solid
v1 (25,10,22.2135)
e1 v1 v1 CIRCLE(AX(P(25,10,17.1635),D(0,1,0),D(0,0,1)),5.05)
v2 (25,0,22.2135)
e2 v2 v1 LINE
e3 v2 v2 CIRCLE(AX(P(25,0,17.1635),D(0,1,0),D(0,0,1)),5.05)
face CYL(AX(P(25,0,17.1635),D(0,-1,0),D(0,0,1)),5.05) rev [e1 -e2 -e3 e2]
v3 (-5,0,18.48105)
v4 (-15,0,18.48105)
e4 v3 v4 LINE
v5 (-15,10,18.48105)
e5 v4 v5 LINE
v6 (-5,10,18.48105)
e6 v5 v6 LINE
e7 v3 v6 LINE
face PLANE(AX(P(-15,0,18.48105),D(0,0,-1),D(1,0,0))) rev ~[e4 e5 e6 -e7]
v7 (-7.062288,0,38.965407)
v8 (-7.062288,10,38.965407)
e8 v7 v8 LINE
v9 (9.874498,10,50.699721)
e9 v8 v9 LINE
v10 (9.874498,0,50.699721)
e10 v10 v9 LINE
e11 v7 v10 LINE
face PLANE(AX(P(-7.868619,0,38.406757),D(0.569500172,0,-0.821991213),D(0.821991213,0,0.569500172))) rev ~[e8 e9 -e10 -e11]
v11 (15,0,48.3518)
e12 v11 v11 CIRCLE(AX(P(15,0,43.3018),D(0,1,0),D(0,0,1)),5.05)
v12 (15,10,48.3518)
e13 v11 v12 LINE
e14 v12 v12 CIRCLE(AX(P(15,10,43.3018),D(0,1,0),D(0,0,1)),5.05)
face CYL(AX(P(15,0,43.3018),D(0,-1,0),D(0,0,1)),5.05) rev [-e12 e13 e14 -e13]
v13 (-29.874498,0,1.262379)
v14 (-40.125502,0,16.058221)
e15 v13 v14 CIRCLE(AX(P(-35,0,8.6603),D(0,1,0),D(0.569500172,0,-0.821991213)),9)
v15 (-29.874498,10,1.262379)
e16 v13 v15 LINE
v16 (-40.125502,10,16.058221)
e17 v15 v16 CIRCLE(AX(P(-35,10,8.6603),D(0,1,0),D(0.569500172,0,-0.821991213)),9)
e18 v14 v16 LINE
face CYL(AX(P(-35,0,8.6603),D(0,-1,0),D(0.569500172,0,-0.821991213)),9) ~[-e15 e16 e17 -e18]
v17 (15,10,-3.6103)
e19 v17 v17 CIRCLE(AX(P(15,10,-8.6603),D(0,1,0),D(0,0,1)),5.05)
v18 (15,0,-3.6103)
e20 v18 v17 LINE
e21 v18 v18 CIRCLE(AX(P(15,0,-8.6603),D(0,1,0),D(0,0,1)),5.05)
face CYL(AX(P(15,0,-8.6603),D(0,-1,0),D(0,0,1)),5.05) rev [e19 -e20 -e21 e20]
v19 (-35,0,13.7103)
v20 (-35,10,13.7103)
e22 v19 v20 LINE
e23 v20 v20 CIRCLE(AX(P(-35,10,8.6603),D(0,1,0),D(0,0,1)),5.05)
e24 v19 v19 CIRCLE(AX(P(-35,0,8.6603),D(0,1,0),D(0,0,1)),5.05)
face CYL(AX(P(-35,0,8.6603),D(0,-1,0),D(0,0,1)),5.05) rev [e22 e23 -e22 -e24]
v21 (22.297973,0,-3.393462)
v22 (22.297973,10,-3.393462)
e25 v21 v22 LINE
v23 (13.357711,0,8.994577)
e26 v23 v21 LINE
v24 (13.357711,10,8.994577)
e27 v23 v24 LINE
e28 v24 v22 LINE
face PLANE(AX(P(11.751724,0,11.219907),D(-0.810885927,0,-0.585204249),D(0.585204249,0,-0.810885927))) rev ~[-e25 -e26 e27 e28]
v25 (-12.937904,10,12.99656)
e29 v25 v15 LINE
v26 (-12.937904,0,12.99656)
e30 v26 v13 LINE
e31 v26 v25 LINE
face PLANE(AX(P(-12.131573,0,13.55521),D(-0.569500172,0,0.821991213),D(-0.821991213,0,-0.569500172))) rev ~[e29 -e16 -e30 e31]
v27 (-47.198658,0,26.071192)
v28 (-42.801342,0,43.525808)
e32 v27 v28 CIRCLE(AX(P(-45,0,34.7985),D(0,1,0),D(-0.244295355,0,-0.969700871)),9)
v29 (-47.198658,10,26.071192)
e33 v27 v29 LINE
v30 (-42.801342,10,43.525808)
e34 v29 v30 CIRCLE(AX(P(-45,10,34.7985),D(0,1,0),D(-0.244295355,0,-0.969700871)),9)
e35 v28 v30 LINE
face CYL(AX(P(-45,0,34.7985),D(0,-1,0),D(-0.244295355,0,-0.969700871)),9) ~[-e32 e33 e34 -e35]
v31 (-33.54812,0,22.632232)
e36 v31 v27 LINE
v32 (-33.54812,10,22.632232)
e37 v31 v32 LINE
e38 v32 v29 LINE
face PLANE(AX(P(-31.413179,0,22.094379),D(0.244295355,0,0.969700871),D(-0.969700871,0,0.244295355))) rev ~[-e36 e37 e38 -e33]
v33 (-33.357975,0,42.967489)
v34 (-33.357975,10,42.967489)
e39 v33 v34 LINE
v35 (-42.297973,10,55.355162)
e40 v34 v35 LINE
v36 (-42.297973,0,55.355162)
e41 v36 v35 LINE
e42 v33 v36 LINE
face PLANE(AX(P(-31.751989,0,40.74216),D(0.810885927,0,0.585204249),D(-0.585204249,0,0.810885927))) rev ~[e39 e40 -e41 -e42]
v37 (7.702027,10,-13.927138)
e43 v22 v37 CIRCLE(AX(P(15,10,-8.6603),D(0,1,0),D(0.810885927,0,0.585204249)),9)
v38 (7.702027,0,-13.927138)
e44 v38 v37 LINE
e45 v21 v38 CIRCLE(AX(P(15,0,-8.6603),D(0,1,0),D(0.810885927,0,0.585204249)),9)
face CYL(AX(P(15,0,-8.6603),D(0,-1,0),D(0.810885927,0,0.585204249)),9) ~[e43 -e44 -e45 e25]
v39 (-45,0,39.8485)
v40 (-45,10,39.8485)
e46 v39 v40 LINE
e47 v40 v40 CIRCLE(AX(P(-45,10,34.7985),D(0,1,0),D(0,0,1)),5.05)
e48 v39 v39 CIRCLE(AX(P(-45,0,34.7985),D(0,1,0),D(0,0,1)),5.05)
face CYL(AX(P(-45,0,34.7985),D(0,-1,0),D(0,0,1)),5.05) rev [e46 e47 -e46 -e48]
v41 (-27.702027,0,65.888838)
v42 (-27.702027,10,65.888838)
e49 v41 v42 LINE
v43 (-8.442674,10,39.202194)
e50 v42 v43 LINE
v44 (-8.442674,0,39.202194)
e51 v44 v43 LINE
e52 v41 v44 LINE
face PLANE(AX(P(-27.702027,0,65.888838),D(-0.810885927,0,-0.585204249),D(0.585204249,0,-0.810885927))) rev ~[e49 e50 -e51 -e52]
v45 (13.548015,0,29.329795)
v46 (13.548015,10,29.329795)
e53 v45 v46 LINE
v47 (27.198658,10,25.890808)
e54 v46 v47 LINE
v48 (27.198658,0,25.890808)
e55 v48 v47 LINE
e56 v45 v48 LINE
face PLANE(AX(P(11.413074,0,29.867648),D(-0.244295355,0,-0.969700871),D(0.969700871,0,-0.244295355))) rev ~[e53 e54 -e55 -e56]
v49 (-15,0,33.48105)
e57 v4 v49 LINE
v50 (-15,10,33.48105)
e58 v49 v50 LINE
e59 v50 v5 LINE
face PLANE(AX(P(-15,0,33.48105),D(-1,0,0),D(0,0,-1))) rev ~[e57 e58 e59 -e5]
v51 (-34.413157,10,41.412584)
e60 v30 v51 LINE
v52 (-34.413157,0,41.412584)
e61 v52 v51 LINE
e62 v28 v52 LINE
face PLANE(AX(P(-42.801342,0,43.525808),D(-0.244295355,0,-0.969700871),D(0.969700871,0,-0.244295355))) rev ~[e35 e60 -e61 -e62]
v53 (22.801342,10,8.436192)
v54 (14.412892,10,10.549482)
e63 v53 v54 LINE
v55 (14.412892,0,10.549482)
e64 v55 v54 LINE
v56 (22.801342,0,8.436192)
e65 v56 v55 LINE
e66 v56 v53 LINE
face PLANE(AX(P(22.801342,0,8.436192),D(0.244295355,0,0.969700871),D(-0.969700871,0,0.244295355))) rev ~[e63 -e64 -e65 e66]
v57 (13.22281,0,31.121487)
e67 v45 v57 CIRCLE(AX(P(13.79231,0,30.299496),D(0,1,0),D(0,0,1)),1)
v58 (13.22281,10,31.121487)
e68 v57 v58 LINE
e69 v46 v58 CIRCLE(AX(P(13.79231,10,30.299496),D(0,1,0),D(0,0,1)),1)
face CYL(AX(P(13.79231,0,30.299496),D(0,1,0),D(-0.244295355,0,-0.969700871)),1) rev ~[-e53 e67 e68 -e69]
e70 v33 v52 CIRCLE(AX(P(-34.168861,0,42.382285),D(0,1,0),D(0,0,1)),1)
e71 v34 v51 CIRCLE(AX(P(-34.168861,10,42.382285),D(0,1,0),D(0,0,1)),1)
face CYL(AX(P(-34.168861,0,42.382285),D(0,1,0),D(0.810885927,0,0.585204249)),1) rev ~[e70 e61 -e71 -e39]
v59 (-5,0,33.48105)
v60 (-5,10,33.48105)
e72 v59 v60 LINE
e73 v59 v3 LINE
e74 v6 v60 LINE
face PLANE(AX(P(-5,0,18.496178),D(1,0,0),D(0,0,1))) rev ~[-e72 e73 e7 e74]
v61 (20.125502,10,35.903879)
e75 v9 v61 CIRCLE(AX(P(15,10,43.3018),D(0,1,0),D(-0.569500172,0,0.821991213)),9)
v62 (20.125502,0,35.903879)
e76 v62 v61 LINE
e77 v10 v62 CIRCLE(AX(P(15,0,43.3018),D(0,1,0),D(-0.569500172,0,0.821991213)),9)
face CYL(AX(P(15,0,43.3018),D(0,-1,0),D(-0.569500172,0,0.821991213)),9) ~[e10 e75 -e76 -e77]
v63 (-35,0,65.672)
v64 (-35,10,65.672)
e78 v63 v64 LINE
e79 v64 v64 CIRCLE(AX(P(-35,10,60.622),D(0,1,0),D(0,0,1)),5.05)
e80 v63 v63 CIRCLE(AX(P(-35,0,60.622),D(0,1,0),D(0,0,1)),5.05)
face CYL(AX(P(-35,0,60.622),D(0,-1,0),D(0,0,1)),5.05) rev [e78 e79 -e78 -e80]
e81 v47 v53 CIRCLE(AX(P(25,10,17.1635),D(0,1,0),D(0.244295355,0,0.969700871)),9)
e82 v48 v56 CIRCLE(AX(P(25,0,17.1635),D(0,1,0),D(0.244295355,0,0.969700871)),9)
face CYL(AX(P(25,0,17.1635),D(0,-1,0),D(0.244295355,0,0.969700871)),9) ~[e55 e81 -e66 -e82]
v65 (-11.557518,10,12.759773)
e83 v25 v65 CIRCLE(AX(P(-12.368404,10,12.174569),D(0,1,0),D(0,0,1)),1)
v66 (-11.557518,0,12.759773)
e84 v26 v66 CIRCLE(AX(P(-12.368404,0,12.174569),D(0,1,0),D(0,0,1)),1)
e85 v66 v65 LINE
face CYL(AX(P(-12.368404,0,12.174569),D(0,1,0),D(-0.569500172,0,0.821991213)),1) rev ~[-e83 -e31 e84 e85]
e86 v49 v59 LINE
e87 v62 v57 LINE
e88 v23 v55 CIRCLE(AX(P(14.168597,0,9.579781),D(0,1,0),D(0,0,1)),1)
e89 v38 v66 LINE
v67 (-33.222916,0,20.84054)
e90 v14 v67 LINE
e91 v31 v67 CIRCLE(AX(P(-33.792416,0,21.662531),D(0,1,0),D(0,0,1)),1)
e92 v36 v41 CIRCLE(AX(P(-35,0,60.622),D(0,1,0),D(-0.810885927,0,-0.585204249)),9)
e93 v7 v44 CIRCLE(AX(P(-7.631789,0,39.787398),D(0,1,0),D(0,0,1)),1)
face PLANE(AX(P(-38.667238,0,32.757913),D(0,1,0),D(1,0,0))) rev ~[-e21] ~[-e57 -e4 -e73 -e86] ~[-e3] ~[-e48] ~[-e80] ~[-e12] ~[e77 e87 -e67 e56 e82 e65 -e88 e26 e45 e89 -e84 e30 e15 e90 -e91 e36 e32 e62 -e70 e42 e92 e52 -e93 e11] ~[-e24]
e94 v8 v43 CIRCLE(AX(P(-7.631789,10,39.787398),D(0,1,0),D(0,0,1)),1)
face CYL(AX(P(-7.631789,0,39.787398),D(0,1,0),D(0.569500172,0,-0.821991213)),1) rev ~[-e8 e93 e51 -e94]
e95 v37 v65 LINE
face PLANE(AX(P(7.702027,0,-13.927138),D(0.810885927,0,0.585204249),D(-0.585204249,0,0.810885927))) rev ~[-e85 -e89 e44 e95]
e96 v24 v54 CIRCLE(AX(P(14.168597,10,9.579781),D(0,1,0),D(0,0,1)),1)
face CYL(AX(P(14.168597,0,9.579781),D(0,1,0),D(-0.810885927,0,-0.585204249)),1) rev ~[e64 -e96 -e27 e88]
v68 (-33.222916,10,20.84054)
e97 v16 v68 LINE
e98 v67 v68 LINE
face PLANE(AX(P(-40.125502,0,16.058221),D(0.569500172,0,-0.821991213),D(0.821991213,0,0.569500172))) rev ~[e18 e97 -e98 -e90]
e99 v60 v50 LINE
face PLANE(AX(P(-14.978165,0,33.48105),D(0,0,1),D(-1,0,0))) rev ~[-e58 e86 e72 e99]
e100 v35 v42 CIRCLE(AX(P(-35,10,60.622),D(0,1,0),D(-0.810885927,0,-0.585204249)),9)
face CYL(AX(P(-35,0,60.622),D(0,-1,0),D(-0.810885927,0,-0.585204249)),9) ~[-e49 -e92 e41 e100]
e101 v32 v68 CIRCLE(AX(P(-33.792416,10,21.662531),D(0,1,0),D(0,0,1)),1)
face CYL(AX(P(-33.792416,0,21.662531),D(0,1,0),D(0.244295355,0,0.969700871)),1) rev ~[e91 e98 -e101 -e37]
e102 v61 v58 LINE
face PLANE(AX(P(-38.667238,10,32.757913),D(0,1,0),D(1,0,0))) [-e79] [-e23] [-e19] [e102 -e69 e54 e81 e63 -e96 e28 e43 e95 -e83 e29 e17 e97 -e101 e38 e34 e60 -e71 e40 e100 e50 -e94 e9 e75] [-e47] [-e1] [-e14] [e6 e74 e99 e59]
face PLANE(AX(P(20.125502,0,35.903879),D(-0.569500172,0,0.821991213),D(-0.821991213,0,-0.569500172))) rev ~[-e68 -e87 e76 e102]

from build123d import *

# Parameters (mm, degrees)
SKETCH1_R           = 5.05
BOSS_EXTRUDE1_DEPTH = 10
FILLET1_R           = 1


with BuildPart() as part:
    # Sketch1 → Boss-Extrude1 (new body)
    # profile 1 of 14: a face of its own
    with BuildSketch(Plane(origin=(0, 0, 0), x_dir=(1, 0, 0), z_dir=(0, 1, 0))):
        Polygon((2.667006003, -23.808109615), (-5, -18.496177846), (-5, -33.48105), (-14.97816514, -33.48105), (-11.765381702, -35.706962749), (-4.621337732, -33.907173957), align=None)
    # profile 2 of 14: a face of its own
    with BuildSketch(Plane(origin=(0, 0, 0), x_dir=(1, 0, 0), z_dir=(0, 1, 0))):
        Polygon((-5.02183486, -18.48105), (-8.234724145, -16.255063917), (-15.378926884, -18.054892707), (-22.667198451, -28.153857051), (-15, -33.465922154), (-15, -18.48105), align=None)
    # profile 3 of 14: a face of its own
    with BuildSketch(Plane(origin=(0, 0, 0), x_dir=(1, 0, 0), z_dir=(0, 1, 0))):
        Polygon((-8.234724145, -16.255063917), (-12.131573163, -13.555210012), (-15.378926884, -18.054892707), align=None)
    # profile 4 of 14: a face of its own
    with BuildSketch(Plane(origin=(0, 0, 0), x_dir=(1, 0, 0), z_dir=(0, 1, 0))):
        Polygon((-7.868619286, -38.406756654), (-4.621337732, -33.907173957), (-11.765381702, -35.706962749), align=None)
    # profile 5 of 14: a face of its own
    with BuildSketch(Plane(origin=(0, 0, 0), x_dir=(1, 0, 0), z_dir=(0, 1, 0))):
        Polygon((-15, -33.465922154), (-22.667198451, -28.153857051), (-31.751988504, -40.742160048), (-11.765381702, -35.706962749), (-14.97816514, -33.48105), (-15, -33.48105), align=None)
    # profile 6 of 14: a face of its own
    with BuildSketch(Plane(origin=(0, 0, 0), x_dir=(1, 0, 0), z_dir=(0, 1, 0))):
        Polygon((-22.667198451, -28.153857051), (-15.378926884, -18.054892707), (-31.413179434, -22.094379046), align=None)
    # profile 7 of 14: a face of its own
    with BuildSketch(Plane(origin=(0, 0, 0), x_dir=(1, 0, 0), z_dir=(0, 1, 0))):
        Polygon((11.413073587, -29.86764762), (2.667006003, -23.808109615), (-4.621337732, -33.907173957), align=None)
    # profile 8 of 14: a face of its own
    with BuildSketch(Plane(origin=(0, 0, 0), x_dir=(1, 0, 0), z_dir=(0, 1, 0))):
        Polygon((11.751723888, -11.219906616), (-8.234724145, -16.255063917), (-5.02183486, -18.48105), (-5, -18.48105), (-5, -18.496177846), (2.667006003, -23.808109615), align=None)
    # profile 9 of 14: a face of its own
    with BuildSketch(Plane(origin=(0, 0, 0), x_dir=(1, 0, 0), z_dir=(0, 1, 0))):
        with BuildLine():
            Line((7.702026656, 13.927138243), (-12.131573163, -13.555210012))
            Line((-12.131573163, -13.555210012), (-8.234724145, -16.255063917))
            Line((-8.234724145, -16.255063917), (11.751723888, -11.219906616))
            Line((11.751723888, -11.219906616), (22.297973344, 3.393461757))
            ThreePointArc((22.297973344, 3.393461757), (20.266838243, 15.958273344), (7.702026656, 13.927138243))
        make_face()
        with Locations(Location((15, 8.6603, 0), (0, 0, 270))):
            Circle(SKETCH1_R, mode=Mode.SUBTRACT)
    # profile 10 of 14: a face of its own
    with BuildSketch(Plane(origin=(0, 0, 0), x_dir=(1, 0, 0), z_dir=(0, 1, 0))):
        with BuildLine():
            Line((-12.131573163, -13.555210012), (-29.874498452, -1.262379084))
            ThreePointArc((-29.874498452, -1.262379084), (-42.397920916, -3.534798452), (-40.125501548, -16.058220916))
            Line((-40.125501548, -16.058220916), (-31.413179434, -22.094379046))
            Line((-31.413179434, -22.094379046), (-15.378926884, -18.054892707))
            Line((-15.378926884, -18.054892707), (-12.131573163, -13.555210012))
        make_face()
        with Locations(Location((-35, -8.6603, 0), (0, 0, 270))):
            Circle(SKETCH1_R, mode=Mode.SUBTRACT)
    # profile 11 of 14: a face of its own
    with BuildSketch(Plane(origin=(0, 0, 0), x_dir=(1, 0, 0), z_dir=(0, 1, 0))):
        with BuildLine():
            Line((22.801341803, -8.43619216), (11.751723888, -11.219906616))
            Line((11.751723888, -11.219906616), (2.667006003, -23.808109615))
            Line((2.667006003, -23.808109615), (11.413073587, -29.86764762))
            Line((11.413073587, -29.86764762), (27.198658197, -25.89080784))
            ThreePointArc((27.198658197, -25.89080784), (33.72730784, -14.964841803), (22.801341803, -8.43619216))
        make_face()
        with Locations(Location((25, -17.1635, 0), (0, 0, 270))):
            Circle(SKETCH1_R, mode=Mode.SUBTRACT)
    # profile 12 of 14: a face of its own
    with BuildSketch(Plane(origin=(0, 0, 0), x_dir=(1, 0, 0), z_dir=(0, 1, 0))):
        with BuildLine():
            Line((20.125501548, -35.903879084), (11.413073587, -29.86764762))
            Line((11.413073587, -29.86764762), (-4.621337732, -33.907173957))
            Line((-4.621337732, -33.907173957), (-7.868619286, -38.406756654))
            Line((-7.868619286, -38.406756654), (9.874498452, -50.699720916))
            ThreePointArc((9.874498452, -50.699720916), (22.397920916, -48.427301548), (20.125501548, -35.903879084))
        make_face()
        with Locations(Location((15, -43.3018, 0), (0, 0, 270))):
            Circle(SKETCH1_R, mode=Mode.SUBTRACT)
    # profile 13 of 14: a face of its own
    with BuildSketch(Plane(origin=(0, 0, 0), x_dir=(1, 0, 0), z_dir=(0, 1, 0))):
        with BuildLine():
            Line((-11.765381702, -35.706962749), (-31.751988504, -40.742160048))
            Line((-31.751988504, -40.742160048), (-42.297973344, -55.355161757))
            ThreePointArc((-42.297973344, -55.355161757), (-40.266838243, -67.919973344), (-27.702026656, -65.888838243))
            Line((-27.702026656, -65.888838243), (-7.868619286, -38.406756654))
            Line((-7.868619286, -38.406756654), (-11.765381702, -35.706962749))
        make_face()
        with Locations(Location((-35, -60.622, 0), (0, 0, 270))):
            Circle(SKETCH1_R, mode=Mode.SUBTRACT)
    # profile 14 of 14: a face of its own
    with BuildSketch(Plane(origin=(0, 0, 0), x_dir=(1, 0, 0), z_dir=(0, 1, 0))):
        with BuildLine():
            Line((-22.667198451, -28.153857051), (-31.413179434, -22.094379046))
            Line((-31.413179434, -22.094379046), (-47.198658197, -26.07119216))
            ThreePointArc((-47.198658197, -26.07119216), (-53.72730784, -36.997158197), (-42.801341803, -43.52580784))
            Line((-42.801341803, -43.52580784), (-31.751988504, -40.742160048))
            Line((-31.751988504, -40.742160048), (-22.667198451, -28.153857051))
        make_face()
        with Locations(Location((-45, -34.7985, 0), (0, 0, 270))):
            Circle(SKETCH1_R, mode=Mode.SUBTRACT)
    extrude(amount=BOSS_EXTRUDE1_DEPTH)

    # Fillet1
    fillet1_edges = [part.edges().sort_by_distance(p)[0] for p in [
        (-31.751988504, 5, 40.742160048),
        (-31.413179434, 5, 22.094379046),
        (-12.131573163, 5, 13.555210012),
        (11.751723888, 5, 11.219906616),
        (11.413073587, 5, 29.86764762),
        (-7.868619286, 5, 38.406756654),
    ]]
    fillet(fillet1_edges, radius=FILLET1_R)


solid = part.part
